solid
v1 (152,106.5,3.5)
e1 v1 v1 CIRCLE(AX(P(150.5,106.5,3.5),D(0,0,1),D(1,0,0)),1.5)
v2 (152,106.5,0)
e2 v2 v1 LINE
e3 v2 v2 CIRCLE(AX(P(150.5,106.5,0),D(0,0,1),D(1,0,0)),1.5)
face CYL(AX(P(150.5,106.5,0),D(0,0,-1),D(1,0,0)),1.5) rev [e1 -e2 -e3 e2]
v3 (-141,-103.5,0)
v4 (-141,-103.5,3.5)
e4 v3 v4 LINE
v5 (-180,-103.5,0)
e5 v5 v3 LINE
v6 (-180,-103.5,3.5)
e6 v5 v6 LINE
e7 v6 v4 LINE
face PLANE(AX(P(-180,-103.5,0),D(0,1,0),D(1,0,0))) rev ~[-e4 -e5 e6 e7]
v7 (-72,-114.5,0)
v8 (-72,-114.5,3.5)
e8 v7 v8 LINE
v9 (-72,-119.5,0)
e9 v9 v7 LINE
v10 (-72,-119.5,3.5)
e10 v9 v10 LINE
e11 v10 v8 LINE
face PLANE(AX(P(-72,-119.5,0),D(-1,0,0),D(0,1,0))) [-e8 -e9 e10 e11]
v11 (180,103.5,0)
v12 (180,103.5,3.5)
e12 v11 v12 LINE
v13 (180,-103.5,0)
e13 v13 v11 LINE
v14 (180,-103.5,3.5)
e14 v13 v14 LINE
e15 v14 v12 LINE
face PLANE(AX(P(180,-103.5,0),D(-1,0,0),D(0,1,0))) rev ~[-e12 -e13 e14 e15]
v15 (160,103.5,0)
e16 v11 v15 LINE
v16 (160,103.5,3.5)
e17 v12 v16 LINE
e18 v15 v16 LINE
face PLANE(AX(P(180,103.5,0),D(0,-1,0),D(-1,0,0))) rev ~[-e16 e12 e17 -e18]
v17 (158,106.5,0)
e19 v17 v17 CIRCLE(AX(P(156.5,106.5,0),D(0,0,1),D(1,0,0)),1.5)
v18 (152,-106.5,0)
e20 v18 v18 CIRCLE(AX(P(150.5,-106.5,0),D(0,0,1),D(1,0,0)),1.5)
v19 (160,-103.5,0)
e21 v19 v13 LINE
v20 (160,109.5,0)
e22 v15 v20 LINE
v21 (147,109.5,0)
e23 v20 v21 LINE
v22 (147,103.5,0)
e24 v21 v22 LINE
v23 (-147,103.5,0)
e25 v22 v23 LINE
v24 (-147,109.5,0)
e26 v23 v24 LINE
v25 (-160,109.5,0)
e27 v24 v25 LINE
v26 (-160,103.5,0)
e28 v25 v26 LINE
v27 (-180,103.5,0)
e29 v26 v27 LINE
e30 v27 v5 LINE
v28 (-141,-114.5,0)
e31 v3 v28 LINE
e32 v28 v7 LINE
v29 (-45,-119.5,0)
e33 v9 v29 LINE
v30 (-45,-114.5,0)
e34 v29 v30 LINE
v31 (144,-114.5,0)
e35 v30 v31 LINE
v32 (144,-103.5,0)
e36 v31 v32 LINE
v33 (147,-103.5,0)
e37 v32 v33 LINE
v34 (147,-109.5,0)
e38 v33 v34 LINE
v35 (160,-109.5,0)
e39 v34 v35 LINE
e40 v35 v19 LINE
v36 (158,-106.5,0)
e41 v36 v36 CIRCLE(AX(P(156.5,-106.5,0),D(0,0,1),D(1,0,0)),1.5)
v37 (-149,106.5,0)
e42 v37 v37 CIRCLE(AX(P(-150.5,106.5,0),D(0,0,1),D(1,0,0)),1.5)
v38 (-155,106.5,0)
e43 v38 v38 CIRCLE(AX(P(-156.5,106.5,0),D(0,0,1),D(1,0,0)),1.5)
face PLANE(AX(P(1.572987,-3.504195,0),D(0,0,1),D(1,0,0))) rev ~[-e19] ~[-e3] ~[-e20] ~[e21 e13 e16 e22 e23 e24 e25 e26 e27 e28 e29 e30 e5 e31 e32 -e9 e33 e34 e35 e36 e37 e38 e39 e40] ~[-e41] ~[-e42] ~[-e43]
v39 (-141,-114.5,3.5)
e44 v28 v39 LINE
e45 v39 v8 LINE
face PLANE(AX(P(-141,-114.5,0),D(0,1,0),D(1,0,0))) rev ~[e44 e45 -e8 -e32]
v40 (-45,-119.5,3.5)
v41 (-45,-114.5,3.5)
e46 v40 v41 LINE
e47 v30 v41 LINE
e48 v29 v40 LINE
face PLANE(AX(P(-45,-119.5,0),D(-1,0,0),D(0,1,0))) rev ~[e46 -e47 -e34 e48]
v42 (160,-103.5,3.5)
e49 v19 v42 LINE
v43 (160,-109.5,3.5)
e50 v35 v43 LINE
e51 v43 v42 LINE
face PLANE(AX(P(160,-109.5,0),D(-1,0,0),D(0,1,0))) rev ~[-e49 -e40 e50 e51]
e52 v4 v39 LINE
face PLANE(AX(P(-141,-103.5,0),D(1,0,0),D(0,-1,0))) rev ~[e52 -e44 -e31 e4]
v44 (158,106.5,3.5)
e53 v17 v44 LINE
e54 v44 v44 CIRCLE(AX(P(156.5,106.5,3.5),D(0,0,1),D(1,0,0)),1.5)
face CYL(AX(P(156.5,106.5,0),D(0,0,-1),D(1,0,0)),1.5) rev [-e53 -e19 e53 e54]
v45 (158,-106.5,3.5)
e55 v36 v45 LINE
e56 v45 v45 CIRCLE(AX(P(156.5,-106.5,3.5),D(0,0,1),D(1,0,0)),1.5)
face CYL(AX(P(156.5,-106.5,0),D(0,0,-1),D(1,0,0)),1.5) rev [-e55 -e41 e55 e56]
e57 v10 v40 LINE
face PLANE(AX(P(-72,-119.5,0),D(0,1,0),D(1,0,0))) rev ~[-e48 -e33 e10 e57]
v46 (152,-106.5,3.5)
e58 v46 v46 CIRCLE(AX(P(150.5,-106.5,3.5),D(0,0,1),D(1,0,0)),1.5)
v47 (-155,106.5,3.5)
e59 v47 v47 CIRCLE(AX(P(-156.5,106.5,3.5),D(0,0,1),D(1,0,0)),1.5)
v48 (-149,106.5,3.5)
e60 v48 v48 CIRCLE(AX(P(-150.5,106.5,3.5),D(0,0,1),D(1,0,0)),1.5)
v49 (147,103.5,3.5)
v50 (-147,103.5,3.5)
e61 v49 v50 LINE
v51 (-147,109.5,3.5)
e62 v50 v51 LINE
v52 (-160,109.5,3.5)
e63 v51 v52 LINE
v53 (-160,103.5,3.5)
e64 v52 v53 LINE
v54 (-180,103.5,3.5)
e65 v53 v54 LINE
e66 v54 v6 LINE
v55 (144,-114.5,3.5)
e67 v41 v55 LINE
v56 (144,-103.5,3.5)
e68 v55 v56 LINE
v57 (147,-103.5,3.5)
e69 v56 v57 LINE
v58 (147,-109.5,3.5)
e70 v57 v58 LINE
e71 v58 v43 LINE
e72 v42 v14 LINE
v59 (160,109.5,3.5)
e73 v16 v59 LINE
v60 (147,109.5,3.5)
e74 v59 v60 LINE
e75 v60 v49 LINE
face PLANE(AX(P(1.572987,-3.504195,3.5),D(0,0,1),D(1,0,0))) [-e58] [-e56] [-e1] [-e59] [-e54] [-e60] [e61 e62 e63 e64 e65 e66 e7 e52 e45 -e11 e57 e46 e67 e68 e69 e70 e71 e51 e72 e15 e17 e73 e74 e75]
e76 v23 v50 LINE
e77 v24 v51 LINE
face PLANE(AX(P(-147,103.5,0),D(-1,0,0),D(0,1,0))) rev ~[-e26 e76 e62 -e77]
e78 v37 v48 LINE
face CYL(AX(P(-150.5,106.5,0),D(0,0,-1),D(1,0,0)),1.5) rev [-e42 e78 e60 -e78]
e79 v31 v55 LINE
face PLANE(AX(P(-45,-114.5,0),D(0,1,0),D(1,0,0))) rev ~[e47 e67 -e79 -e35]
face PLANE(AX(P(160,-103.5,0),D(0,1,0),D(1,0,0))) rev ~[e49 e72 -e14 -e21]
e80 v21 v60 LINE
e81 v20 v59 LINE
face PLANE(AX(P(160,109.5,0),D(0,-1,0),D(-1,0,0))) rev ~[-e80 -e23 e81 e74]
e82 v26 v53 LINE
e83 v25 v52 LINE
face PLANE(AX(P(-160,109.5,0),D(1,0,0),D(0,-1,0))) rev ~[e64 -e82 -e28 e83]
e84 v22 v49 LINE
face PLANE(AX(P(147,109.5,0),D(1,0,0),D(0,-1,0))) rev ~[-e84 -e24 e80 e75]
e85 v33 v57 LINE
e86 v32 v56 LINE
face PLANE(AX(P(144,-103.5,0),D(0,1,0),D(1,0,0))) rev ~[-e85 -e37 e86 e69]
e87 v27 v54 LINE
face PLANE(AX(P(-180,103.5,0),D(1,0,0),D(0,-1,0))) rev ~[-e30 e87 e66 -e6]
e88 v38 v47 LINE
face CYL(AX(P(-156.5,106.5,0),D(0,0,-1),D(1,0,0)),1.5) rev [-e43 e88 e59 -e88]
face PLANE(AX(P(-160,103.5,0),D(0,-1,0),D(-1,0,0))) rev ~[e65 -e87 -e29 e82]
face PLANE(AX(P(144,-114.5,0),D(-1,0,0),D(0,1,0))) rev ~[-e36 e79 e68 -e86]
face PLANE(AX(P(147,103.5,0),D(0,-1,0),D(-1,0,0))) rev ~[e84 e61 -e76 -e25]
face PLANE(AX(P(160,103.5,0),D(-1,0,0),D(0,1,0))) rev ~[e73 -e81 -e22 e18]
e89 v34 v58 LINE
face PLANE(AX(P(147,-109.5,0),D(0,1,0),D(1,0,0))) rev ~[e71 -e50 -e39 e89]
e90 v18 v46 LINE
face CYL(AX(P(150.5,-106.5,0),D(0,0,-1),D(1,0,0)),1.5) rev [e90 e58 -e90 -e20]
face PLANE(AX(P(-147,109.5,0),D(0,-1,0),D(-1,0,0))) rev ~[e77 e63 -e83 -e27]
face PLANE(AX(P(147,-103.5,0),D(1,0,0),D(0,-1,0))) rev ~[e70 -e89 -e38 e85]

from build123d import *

# Parameters (mm, degrees)
F0_R     = 1.5
F0_W     = 27
F0_H     = 5
F2_DEPTH = 3.5


with BuildPart() as f2:
    # F0 (on Top) → F2 (new body)
    with BuildSketch(Plane.XY):
        Polygon((-160, 103.5), (-180, 103.5), (-180, -103.5), (-141, -103.5), (-141, -114.5), (-72, -114.5), (-45, -114.5), (144, -114.5), (144, -103.5), (147, -103.5), (147, -109.5), (160, -109.5), (160, -103.5), (180, -103.5), (180, 103.5), (160, 103.5), (160, 109.5), (147, 109.5), (147, 103.5), (-147, 103.5), (-147, 109.5), (-160, 109.5), align=None)
        with Locations((150.5, -106.5)):
            Circle(F0_R, mode=Mode.SUBTRACT)
        with Locations((156.5, -106.5)):
            Circle(F0_R, mode=Mode.SUBTRACT)
        with Locations((-156.5, 106.5)):
            Circle(F0_R, mode=Mode.SUBTRACT)
        with Locations((-150.5, 106.5)):
            Circle(F0_R, mode=Mode.SUBTRACT)
        with Locations((150.5, 106.5)):
            Circle(F0_R, mode=Mode.SUBTRACT)
        with Locations((156.5, 106.5)):
            Circle(F0_R, mode=Mode.SUBTRACT)
        with Locations((-58.5, -117)):
            Rectangle(F0_W, F0_H)
    extrude(amount=F2_DEPTH)


solid = f2.part
